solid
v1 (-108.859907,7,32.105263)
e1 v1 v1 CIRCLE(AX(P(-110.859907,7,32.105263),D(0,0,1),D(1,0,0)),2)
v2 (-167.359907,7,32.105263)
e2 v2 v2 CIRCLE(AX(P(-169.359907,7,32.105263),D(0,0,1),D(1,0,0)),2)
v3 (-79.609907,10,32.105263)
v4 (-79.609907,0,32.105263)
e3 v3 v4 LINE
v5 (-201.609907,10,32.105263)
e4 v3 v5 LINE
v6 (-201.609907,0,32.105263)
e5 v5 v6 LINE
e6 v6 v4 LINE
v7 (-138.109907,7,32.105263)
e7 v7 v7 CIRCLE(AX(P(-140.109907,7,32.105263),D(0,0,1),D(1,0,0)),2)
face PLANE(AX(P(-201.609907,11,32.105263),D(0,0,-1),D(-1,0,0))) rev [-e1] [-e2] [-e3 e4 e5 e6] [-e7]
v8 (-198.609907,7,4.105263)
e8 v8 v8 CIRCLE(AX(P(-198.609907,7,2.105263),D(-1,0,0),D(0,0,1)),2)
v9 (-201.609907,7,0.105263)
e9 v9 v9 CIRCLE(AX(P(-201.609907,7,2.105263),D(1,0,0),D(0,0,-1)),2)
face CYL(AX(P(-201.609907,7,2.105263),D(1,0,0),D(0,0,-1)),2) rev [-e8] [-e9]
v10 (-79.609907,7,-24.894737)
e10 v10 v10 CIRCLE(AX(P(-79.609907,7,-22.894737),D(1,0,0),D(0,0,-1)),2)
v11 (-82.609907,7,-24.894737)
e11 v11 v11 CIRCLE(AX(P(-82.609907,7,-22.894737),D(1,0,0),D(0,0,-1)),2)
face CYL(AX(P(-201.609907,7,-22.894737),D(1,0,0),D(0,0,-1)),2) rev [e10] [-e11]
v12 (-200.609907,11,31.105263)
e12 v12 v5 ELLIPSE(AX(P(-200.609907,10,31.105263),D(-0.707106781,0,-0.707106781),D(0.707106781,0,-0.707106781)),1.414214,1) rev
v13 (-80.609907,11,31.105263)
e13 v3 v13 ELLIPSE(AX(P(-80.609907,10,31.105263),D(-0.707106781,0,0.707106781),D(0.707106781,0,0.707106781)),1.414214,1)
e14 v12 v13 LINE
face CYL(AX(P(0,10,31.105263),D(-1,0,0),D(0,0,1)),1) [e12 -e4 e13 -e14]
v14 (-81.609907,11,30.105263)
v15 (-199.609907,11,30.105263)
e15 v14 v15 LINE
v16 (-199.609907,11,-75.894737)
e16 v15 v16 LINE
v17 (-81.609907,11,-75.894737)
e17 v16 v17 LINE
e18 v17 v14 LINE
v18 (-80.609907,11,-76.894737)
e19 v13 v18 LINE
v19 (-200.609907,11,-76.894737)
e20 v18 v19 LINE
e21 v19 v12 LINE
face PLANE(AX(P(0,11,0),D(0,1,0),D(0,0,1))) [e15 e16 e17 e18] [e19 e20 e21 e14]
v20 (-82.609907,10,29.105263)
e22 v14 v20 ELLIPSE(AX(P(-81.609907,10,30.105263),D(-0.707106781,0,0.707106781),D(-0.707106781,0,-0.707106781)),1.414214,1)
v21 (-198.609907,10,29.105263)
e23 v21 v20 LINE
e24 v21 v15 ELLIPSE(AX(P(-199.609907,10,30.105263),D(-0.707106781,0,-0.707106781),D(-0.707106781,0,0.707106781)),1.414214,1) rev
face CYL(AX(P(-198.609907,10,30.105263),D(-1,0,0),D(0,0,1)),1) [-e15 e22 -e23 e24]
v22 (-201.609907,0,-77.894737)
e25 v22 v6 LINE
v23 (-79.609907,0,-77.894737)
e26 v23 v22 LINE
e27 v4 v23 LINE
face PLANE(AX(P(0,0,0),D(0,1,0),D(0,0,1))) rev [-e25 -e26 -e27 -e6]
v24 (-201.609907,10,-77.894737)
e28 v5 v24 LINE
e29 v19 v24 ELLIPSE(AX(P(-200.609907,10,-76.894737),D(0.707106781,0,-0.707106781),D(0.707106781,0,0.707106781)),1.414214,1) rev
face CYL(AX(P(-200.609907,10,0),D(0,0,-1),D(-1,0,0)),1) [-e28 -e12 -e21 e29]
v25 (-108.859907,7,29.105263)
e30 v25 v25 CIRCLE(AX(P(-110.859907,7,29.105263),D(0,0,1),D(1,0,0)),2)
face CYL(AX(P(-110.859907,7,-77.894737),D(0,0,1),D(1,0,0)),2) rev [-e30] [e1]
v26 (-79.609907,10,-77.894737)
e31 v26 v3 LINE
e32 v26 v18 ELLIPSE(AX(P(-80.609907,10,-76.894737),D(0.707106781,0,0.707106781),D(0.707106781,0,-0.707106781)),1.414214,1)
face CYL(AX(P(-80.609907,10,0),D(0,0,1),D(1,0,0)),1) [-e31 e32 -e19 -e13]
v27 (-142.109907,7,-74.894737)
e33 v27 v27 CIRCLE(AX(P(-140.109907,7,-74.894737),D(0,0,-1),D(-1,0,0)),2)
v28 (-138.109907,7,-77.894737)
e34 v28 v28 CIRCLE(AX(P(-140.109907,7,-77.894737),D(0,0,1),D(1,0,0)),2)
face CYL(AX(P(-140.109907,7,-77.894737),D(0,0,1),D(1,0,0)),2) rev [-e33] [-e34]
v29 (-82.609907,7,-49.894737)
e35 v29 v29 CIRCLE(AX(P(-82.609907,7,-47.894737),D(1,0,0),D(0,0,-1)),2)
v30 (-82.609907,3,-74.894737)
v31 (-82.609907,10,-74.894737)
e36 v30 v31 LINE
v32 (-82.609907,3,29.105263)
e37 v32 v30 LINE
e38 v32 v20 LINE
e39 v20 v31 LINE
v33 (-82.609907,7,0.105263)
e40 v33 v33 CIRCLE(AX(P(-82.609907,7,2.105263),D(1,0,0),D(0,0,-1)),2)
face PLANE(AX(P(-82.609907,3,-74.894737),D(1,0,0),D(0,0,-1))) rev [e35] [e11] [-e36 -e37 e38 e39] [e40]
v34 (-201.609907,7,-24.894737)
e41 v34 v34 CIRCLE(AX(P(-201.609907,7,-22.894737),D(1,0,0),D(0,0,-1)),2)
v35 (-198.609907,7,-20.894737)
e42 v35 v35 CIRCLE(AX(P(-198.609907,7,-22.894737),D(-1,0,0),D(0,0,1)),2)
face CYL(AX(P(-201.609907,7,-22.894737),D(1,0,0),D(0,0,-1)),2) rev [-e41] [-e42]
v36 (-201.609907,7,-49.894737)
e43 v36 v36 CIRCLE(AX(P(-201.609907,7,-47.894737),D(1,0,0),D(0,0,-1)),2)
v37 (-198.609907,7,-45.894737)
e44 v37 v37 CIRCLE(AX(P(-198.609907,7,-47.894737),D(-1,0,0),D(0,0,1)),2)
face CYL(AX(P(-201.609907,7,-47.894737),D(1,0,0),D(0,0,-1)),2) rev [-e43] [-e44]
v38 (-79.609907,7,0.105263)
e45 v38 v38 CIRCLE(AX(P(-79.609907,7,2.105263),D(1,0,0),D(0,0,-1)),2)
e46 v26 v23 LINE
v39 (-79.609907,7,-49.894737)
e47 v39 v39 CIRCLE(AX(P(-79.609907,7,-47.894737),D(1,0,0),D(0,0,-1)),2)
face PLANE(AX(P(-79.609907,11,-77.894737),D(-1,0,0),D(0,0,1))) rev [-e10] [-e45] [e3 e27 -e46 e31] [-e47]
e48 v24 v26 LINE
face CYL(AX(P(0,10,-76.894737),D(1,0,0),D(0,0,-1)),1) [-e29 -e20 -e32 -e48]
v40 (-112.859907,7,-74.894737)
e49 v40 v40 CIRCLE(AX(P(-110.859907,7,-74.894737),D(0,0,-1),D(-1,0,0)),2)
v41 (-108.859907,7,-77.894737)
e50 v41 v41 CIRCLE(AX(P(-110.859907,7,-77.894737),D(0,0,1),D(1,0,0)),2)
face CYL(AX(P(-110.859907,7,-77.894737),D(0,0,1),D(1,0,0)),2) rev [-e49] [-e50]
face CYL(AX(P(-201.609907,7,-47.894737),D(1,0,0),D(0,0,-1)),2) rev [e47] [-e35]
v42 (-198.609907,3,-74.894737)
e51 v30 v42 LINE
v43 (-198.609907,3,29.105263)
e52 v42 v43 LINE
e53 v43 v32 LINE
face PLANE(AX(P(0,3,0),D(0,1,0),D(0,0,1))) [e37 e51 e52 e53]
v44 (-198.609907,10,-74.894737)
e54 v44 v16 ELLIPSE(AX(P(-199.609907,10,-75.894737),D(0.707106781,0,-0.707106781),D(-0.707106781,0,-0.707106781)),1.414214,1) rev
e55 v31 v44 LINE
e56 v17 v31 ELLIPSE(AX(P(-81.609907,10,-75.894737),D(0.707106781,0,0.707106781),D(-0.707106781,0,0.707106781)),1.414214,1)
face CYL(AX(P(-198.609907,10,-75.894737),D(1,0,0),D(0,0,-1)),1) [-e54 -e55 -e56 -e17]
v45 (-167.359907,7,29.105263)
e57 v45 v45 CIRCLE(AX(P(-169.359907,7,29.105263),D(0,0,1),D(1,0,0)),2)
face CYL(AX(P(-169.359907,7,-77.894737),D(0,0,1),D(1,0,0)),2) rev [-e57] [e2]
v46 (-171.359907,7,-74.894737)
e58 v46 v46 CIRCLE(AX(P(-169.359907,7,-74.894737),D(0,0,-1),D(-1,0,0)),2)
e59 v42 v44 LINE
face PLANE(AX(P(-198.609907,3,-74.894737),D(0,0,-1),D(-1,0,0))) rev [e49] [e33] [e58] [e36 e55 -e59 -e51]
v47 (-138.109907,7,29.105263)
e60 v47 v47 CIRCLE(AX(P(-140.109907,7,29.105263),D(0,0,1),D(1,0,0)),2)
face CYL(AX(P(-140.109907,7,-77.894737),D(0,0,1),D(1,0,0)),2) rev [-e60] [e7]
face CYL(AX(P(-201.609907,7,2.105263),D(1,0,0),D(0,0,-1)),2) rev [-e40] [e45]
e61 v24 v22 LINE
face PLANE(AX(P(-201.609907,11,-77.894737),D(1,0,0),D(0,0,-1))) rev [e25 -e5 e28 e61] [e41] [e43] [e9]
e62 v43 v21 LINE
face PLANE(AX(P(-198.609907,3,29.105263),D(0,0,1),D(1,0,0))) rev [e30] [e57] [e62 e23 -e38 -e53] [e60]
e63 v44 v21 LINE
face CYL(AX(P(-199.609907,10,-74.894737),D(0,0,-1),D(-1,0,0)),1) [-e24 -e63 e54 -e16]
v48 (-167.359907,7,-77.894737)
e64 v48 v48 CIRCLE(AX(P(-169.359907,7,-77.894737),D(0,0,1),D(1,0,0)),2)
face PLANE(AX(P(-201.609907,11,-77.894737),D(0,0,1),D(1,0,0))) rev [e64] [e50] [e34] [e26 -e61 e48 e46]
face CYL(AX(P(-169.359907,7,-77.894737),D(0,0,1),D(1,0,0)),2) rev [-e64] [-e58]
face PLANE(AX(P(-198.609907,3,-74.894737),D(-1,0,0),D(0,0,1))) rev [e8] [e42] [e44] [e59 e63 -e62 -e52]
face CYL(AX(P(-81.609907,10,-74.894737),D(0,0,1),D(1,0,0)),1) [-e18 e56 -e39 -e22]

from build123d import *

# Parameters (mm, degrees)
SKETCH1_W               = 122
SKETCH1_H               = 110
BOSS_EXTRUDE1_DEPTH     = 11
SKETCH4_W               = 116
SKETCH4_H               = 104
CUT_EXTRUDE1_DEPTH      = 8
SKETCH6_R               = 1.999999993
SKETCH6_R_2             = 2
CUT_EXTRUDE6_DEPTH      = 120
CUT_EXTRUDE6_DEPTH_BACK = 4
SKETCH5_R               = 2
CUT_EXTRUDE5_DEPTH      = 108
CUT_EXTRUDE5_DEPTH_BACK = 4
FILLET2_R               = 1


with BuildPart() as part:
    # Sketch1 → Boss-Extrude1 (new body)
    with BuildSketch(Plane(origin=(0, 0, 0), x_dir=(1, 0, 0), z_dir=(0, 1, 0))):
        with Locations((-140.609907121, 22.894736842)):
            Rectangle(SKETCH1_W, SKETCH1_H)
    extrude(amount=BOSS_EXTRUDE1_DEPTH)

    # Sketch4 → Cut-Extrude1 (cut)
    with BuildSketch(Plane(origin=(0, 11, 0), x_dir=(1, 0, 0), z_dir=(0, 1, 0))):
        with Locations((-140.609907121, 22.894736842)):
            Rectangle(SKETCH4_W, SKETCH4_H)
    extrude(amount=-CUT_EXTRUDE1_DEPTH, mode=Mode.SUBTRACT)

    # Sketch6 → Cut-Extrude6 (cut, two sides)
    with BuildSketch(Plane(origin=(-198.609907121, 0, 0), x_dir=(0, 0, -1), z_dir=(1, 0, 0))) as cut_extrude6_sk:
        with Locations((-2.105263158, 6.999999977)):
            Circle(SKETCH6_R)
        with Locations((22.894736842, 6.999999977)):
            Circle(SKETCH6_R)
        with Locations((47.894736842, 7)):
            Circle(SKETCH6_R_2)
    extrude(amount=CUT_EXTRUDE6_DEPTH, mode=Mode.SUBTRACT)
    extrude(cut_extrude6_sk.sketch, amount=-CUT_EXTRUDE6_DEPTH_BACK, mode=Mode.SUBTRACT)

    # Sketch5 → Cut-Extrude5 (cut, two sides)
    with BuildSketch(Plane.XY.offset(-74.894736842)) as cut_extrude5_sk:
        with Locations((-169.359907121, 7)):
            Circle(SKETCH5_R)
        with Locations((-140.109907121, 7)):
            Circle(SKETCH5_R)
        with Locations((-110.859907121, 7)):
            Circle(SKETCH5_R)
    extrude(amount=CUT_EXTRUDE5_DEPTH, mode=Mode.SUBTRACT)
    extrude(cut_extrude5_sk.sketch, amount=-CUT_EXTRUDE5_DEPTH_BACK, mode=Mode.SUBTRACT)

    # Fillet2
    fillet2_edges = [part.edges().sort_by_distance(p)[0] for p in [
        (-79.609907121, 11, -22.894736842),
        (-140.609907121, 11, -77.894736842),
        (-198.609907121, 11, -22.894736842),
        (-140.609907121, 11, 29.105263158),
        (-82.609907121, 11, -22.894736842),
        (-140.609907121, 11, -74.894736842),
        (-201.609907121, 11, -22.894736842),
        (-140.609907121, 11, 32.105263158),
    ]]
    fillet(fillet2_edges, radius=FILLET2_R)


solid = part.part
